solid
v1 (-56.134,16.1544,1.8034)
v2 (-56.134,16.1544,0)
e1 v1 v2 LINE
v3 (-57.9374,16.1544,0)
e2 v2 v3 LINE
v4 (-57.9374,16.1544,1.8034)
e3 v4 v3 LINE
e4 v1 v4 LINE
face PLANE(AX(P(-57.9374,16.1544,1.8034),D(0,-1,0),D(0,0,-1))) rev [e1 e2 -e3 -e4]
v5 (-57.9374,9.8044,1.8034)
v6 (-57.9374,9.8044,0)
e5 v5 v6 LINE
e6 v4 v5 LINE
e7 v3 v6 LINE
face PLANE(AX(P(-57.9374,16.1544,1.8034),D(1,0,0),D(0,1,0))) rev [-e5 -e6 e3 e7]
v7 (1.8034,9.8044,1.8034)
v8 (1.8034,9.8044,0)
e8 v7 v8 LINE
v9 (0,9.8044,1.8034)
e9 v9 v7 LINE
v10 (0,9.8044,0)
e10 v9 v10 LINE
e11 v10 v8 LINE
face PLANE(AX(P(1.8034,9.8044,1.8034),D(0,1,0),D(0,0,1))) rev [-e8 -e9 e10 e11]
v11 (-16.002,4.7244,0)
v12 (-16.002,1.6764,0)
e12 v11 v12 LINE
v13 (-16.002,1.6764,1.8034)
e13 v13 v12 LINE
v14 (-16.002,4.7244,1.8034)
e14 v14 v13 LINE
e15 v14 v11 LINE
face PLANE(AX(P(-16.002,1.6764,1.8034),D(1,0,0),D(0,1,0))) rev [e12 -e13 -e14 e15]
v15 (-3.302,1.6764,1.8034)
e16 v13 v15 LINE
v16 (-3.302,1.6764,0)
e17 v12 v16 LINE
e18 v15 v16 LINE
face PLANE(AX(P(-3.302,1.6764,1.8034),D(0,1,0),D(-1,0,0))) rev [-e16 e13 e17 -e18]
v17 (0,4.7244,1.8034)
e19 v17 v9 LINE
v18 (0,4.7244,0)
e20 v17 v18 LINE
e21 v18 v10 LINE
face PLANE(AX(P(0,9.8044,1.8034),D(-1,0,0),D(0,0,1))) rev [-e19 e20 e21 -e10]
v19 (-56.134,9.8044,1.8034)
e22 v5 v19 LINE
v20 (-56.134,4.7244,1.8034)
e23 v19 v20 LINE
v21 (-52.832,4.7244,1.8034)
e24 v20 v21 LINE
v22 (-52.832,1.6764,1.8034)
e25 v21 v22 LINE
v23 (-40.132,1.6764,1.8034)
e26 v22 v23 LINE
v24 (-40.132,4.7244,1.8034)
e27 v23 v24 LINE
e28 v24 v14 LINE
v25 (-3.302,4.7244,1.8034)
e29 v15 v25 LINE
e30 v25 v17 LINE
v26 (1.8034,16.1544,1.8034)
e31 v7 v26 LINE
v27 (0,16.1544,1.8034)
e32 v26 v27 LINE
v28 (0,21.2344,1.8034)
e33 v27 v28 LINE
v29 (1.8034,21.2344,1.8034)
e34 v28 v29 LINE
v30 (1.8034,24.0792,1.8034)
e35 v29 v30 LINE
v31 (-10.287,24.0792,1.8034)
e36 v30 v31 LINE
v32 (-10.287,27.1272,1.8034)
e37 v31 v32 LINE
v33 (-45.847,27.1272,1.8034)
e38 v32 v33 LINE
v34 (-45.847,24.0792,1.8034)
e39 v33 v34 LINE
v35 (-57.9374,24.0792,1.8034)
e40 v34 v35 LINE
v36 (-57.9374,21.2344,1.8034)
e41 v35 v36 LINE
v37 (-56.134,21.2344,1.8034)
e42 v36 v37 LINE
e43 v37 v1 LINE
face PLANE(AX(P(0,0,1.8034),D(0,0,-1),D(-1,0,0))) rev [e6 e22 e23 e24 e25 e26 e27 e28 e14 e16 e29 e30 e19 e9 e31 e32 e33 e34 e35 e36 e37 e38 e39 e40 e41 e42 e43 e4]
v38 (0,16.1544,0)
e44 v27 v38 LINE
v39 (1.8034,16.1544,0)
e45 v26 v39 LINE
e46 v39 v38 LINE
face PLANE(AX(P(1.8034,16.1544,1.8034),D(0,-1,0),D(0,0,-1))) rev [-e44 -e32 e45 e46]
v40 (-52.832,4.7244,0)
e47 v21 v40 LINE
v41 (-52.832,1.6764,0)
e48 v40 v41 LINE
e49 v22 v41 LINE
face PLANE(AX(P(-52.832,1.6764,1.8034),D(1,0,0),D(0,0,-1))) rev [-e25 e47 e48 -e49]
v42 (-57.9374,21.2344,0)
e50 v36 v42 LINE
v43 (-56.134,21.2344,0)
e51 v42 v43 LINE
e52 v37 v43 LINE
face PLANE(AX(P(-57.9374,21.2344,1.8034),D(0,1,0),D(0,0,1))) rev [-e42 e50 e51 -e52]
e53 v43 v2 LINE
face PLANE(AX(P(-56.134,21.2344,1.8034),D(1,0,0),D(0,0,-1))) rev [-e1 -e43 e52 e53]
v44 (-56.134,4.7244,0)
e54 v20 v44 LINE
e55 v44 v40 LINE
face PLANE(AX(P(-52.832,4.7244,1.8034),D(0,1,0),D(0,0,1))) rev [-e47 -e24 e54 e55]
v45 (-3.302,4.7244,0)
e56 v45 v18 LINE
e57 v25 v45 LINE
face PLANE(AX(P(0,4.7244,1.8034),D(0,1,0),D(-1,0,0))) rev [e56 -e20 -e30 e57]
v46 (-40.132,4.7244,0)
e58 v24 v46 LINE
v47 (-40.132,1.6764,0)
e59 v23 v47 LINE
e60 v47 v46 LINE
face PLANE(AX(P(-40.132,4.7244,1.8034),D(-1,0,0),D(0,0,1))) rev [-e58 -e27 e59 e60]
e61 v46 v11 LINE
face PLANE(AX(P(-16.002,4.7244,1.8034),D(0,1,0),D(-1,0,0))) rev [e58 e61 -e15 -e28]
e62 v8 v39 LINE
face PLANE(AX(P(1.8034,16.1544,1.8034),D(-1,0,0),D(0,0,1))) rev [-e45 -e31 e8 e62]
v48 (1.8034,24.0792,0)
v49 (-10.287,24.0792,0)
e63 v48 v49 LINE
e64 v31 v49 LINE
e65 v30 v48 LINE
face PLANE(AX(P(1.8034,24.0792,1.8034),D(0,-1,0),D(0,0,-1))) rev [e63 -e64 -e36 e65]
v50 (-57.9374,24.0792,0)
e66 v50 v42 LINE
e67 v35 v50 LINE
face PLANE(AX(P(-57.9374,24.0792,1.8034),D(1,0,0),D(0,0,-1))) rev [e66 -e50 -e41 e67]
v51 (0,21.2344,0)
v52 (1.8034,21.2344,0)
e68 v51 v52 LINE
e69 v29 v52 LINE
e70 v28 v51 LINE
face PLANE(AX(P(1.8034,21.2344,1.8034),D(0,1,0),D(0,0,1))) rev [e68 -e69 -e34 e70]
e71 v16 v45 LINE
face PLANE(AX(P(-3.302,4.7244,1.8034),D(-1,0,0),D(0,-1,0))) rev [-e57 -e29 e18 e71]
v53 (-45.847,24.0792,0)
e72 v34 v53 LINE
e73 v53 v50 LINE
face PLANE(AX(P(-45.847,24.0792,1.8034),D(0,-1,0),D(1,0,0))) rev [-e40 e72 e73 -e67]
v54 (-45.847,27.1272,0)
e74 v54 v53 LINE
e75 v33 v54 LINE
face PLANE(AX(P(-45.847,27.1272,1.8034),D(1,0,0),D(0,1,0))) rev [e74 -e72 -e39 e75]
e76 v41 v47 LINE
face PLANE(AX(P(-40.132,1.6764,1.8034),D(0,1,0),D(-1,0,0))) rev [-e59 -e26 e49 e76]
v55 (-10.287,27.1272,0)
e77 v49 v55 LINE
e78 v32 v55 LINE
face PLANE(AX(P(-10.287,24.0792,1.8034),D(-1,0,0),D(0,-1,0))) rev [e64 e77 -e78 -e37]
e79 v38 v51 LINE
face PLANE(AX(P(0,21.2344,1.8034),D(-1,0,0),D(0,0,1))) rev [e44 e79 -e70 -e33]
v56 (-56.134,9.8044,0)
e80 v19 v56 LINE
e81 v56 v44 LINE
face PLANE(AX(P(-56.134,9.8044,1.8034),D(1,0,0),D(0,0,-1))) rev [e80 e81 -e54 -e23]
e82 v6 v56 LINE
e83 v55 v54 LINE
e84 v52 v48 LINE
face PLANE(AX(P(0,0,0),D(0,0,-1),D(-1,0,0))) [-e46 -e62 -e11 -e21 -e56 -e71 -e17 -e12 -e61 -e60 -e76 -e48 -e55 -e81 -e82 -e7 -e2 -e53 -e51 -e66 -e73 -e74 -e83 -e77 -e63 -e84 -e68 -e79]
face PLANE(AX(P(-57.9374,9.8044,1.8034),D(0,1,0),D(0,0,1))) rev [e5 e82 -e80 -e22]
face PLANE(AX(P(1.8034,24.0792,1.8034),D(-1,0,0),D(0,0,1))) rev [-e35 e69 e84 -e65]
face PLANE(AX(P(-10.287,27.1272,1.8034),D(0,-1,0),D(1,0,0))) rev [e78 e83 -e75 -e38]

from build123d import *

# Parameters (mm, degrees)
BOSS_EXTRUDE1_DEPTH = 1.8034


with BuildPart() as part:
    # Sketch1 → Boss-Extrude1 (new body)
    with BuildSketch(Plane.XY):
        Polygon((1.8034, 9.8044), (0, 9.8044), (0, 4.7244), (-3.302, 4.7244), (-3.302, 1.6764), (-16.002, 1.6764), (-16.002, 4.7244), (-40.132, 4.7244), (-40.132, 1.6764), (-52.832, 1.6764), (-52.832, 4.7244), (-56.134, 4.7244), (-56.134, 9.8044), (-57.9374, 9.8044), (-57.9374, 16.1544), (-56.134, 16.1544), (-56.134, 21.2344), (-57.9374, 21.2344), (-57.9374, 24.0792), (-45.847, 24.0792), (-45.847, 27.1272), (-10.287, 27.1272), (-10.287, 24.0792), (1.8034, 24.0792), (1.8034, 21.2344), (0, 21.2344), (0, 16.1544), (1.8034, 16.1544), align=None)
    extrude(amount=BOSS_EXTRUDE1_DEPTH)


solid = part.part
